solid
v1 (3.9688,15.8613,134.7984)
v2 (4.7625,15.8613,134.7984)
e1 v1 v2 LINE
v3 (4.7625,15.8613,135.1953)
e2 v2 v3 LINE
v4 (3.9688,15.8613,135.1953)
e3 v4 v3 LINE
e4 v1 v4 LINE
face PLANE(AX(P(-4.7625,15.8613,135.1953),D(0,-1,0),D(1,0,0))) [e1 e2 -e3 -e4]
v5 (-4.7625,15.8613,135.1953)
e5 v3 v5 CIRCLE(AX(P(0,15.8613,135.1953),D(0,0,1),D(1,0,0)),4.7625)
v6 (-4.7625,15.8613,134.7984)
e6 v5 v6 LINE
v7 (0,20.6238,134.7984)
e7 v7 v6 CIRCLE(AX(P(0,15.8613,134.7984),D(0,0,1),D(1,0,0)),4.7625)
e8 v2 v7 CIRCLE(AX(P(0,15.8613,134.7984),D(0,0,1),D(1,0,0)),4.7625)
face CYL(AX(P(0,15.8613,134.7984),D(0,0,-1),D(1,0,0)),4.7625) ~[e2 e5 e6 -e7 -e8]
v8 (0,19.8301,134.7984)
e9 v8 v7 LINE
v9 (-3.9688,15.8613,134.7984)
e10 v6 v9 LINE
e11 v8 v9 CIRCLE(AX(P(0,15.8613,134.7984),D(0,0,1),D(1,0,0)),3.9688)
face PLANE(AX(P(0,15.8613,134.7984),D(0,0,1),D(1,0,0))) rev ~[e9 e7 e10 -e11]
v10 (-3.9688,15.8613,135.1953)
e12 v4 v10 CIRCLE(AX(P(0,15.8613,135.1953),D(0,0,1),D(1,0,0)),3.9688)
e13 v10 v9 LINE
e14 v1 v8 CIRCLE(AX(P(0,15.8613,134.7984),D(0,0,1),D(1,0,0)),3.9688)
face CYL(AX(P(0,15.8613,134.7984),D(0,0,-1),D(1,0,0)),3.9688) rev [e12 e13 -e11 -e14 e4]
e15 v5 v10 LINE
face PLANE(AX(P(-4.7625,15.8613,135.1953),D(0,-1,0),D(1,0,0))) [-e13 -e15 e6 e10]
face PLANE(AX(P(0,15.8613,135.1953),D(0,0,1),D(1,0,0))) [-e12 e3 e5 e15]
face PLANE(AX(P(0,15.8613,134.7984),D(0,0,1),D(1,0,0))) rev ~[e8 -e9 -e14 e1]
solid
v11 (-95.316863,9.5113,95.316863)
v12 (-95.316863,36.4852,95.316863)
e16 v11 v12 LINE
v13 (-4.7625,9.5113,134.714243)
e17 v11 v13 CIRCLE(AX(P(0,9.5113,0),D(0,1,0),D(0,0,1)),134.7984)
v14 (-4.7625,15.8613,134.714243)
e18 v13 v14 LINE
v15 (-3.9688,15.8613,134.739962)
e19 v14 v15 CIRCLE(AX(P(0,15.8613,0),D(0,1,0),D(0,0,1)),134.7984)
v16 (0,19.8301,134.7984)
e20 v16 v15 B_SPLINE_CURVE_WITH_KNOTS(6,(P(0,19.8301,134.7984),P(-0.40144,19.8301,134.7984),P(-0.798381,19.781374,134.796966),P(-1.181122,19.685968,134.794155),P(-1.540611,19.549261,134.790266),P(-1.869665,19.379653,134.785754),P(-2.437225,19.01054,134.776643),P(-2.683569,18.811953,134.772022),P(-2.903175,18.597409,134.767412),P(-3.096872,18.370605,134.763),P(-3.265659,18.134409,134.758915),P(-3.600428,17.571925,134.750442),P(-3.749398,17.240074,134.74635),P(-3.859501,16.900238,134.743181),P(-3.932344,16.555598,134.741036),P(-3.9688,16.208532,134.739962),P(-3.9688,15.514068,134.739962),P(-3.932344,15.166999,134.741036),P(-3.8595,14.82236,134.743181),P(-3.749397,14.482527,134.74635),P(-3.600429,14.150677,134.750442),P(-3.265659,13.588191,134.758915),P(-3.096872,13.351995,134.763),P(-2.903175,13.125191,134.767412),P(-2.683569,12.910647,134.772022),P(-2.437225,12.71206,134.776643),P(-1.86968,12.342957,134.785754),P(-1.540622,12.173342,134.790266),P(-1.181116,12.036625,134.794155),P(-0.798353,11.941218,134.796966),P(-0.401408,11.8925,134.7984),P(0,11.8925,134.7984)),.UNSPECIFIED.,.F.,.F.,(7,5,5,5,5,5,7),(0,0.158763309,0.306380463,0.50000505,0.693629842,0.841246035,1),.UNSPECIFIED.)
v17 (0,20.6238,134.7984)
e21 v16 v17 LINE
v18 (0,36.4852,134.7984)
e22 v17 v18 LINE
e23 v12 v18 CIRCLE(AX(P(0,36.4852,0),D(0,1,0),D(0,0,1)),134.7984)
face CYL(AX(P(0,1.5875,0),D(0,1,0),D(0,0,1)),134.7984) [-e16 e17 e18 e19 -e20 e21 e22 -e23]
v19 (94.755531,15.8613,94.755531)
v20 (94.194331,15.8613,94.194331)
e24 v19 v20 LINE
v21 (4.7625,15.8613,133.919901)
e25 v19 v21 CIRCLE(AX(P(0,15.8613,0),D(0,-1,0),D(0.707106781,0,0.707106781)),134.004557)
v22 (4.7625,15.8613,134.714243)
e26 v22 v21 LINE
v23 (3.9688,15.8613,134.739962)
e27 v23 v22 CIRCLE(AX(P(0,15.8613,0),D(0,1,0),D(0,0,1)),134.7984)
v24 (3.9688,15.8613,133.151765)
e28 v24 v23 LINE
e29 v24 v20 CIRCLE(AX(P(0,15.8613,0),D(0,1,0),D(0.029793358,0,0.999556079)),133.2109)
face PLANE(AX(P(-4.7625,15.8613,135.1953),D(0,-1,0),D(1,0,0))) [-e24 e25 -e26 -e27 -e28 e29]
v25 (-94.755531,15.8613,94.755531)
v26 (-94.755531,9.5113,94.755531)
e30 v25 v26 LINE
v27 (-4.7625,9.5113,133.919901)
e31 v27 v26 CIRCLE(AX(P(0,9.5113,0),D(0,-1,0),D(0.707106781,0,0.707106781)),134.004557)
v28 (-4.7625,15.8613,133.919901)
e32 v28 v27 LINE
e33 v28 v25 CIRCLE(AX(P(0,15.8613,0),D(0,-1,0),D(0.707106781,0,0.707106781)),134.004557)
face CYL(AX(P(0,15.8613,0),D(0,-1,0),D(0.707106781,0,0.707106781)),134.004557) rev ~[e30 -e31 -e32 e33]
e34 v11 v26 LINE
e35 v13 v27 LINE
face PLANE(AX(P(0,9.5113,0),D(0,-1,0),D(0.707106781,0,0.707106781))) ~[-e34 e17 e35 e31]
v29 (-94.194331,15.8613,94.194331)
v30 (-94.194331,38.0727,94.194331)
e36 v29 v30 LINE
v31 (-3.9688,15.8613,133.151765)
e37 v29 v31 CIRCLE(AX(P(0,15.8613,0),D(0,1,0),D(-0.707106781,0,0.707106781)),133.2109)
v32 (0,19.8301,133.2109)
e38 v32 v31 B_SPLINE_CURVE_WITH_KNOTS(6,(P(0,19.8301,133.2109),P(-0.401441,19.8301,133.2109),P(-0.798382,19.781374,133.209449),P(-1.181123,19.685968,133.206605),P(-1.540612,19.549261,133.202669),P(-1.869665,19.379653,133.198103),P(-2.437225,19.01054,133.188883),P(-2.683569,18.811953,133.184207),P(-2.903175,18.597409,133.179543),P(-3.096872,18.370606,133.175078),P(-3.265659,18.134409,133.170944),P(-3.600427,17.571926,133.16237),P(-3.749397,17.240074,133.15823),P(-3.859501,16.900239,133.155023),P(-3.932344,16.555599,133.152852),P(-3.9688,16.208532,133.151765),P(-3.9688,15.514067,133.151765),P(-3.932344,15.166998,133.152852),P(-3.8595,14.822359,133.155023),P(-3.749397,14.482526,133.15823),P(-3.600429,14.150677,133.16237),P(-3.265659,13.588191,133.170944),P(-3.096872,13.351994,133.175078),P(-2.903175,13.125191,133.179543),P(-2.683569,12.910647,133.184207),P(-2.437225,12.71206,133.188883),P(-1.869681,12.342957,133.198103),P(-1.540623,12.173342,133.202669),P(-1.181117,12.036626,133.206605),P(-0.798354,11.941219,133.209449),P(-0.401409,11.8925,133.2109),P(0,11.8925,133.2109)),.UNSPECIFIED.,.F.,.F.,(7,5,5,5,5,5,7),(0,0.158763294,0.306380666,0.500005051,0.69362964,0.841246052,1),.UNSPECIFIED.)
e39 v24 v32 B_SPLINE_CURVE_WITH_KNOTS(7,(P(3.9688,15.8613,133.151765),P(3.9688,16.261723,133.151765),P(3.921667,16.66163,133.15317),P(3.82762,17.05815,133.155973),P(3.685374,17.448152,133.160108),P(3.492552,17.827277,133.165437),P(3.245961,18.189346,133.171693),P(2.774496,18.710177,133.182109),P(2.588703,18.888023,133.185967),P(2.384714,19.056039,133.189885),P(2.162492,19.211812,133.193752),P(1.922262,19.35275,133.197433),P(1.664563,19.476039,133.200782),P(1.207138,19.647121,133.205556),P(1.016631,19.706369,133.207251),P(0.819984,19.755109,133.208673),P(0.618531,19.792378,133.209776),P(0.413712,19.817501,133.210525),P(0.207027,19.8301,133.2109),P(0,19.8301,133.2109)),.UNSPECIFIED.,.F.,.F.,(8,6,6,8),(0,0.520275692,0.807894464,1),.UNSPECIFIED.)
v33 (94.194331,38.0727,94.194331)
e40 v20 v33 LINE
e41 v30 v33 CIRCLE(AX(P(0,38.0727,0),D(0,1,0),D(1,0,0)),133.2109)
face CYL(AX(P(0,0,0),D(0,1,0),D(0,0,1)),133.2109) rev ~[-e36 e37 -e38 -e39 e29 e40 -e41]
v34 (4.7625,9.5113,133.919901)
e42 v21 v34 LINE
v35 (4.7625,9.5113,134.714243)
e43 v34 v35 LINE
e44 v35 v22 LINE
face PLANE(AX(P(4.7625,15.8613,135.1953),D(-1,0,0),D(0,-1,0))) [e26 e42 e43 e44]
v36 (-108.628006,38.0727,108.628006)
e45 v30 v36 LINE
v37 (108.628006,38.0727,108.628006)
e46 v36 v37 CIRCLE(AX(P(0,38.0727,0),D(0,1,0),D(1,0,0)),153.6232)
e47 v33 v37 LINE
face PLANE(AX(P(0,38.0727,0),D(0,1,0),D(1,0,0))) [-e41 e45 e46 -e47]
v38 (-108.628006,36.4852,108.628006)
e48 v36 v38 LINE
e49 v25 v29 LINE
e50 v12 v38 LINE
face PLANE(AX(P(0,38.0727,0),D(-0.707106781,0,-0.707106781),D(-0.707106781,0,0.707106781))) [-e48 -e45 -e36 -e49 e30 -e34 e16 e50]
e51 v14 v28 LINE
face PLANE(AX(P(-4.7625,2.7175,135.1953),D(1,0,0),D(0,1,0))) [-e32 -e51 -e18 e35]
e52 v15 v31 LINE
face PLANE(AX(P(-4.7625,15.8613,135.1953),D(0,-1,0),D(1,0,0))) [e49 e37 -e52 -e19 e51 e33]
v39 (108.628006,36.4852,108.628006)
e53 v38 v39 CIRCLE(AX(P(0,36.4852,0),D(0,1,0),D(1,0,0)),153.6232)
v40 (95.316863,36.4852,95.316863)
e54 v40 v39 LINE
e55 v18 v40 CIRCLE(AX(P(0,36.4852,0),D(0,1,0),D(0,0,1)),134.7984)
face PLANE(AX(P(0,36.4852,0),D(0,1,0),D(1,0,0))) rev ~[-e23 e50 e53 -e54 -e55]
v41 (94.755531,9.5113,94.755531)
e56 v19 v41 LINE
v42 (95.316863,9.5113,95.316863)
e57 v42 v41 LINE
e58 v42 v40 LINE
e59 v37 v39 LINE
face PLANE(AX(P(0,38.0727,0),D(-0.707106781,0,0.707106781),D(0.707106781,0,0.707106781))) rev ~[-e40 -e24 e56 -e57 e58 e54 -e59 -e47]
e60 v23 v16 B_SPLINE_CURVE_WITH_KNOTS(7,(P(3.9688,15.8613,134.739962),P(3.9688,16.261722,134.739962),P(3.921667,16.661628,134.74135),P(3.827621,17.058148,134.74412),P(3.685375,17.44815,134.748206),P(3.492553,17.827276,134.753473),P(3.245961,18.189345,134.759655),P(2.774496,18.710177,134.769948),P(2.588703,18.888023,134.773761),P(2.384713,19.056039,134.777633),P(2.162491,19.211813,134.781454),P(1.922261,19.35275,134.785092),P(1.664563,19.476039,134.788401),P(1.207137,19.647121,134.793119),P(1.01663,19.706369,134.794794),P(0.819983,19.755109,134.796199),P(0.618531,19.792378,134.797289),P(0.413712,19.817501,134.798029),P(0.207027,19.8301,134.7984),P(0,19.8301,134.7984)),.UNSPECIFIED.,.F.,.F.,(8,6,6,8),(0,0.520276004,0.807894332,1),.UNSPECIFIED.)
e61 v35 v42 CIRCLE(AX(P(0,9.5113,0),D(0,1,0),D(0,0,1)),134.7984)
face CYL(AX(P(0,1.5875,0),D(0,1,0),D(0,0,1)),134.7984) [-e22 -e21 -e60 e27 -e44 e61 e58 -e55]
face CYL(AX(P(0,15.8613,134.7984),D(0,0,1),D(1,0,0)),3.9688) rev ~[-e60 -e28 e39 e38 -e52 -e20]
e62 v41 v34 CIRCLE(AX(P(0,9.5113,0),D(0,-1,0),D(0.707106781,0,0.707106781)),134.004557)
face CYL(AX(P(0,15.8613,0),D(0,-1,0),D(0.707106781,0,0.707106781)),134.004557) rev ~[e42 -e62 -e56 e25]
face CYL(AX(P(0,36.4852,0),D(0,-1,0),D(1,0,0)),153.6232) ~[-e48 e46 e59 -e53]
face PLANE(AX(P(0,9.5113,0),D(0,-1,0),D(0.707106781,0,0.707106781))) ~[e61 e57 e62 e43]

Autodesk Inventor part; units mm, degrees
ref_plane "YZ Plane" through (0, 0, 0) normal (1, 0, 0) x (0, 1, 0)
ref_plane "XZ Plane" through (0, 0, 0) normal (0, 1, 0) x (-1, 0, 0)
sketch "Sketch1" plane through (0, 0, 0) normal (1, 0, 0) x (0, 1, 0)
  line L0 (0, 0) -> (28.6807, 0)
  line L1 (0, 133.2109) -> (36.4852, 133.2109)
  line L2 (0, 133.2109) -> (0, 147.2732)
  line L3 (0, 147.2732) -> (1.5875, 147.2732)
  line L4 (1.5875, 134.7984) -> (36.4852, 134.7984)
  line L5 (36.4852, 134.7984) -> (36.4852, 133.2109)
  line L6 (1.5875, 134.7984) -> (1.5875, 147.2732)
  point P0 (15.8613, 134.7984)
  dimension "Lay2Rad" = 133.2109
  dimension "d1" = 14.0623
  dimension "d2" = 1.5875
  dimension "d3" = 36.4852
  dimension "d4" = 1.5875
  dimension "d5" = 1.5875
  dimension "d7" = 14.2738
revolve "Revolution1" add sketch "Sketch1" angle 360 about axis through (0, 0, 0) along (0, 1, 0)
ref_plane "Work Plane1" through (0, 15.8613, 134.7984) normal (0, 0, 1) x (1, 0, 0)
sketch "Sketch2" plane through (0, 15.8613, 134.7984) normal (0, 0, 1) x (1, 0, 0)
  circle A0 centre (0, 0) radius 4.7625
  circle A1 centre (0, 0) radius 3.9688
  point P0 (0, -15.8613)
  dimension "d8" = 9.525
  dimension "d11" = 7.9375
extrude "Extrusion2" cut sketch "Sketch2" against normal through all contours A1
extrude "Extrusion3" add sketch "Sketch2" along normal blind 0.3969
sketch "Sketch3" plane through (0, 36.4852, 0) normal (0, 1, 0) x (1, 0, 0)
  circle A0 centre (0, 0) radius 133.2109
  circle A1 centre (0, 0) radius 133.2109 projected
  circle A2 centre (0, 0) radius 153.6232
  circle A3 centre (0, 0) radius 147.2732 projected
  dimension "d16" = 6.35
extrude "Extrusion4" add sketch "Sketch3" along normal blind 1.5875 contours A2 | A3
sketch "Sketch4" plane through (0, 38.0727, 0) normal (0, 1, 0) x (1, 0, 0)
  line L0 (0, 0) -> (-167.0067, -167.0067)
  line L1 (0, 0) -> (236.1832, 0) construction
  line L2 (0, 0) -> (195.6261, -195.6261)
  line L3 (195.6261, -195.6261) -> (-166.4474, -166.4474)
  line L4 (-166.4474, -166.4474) -> (-176.2344, 211.1551)
  line L5 (-176.2344, 211.1551) -> (203.4461, 189.6497)
  line L6 (203.4461, 189.6497) -> (195.6261, -195.6261)
  dimension "d19" = 135
extrude "Extrusion5" cut sketch "Sketch4" against normal through all contours L0 L4 L5 L6 L2
sketch "Sketch5" plane through (94.1943, 0, 94.1943) normal (0.7071, 0, -0.7071) x (-0.7071, 0, -0.7071)
  line L0 (-6.6801, 15.8613) -> (6.5648, 15.8613)
  line L1 (0, 0) -> (-14.0623, 0) projected
  line L2 (0, 38.0727) -> (0, 0) projected
  line L3 (-0.7937, 15.8613) -> (-0.7937, 22.2113)
  line L4 (-0.7937, 22.2113) -> (0, 22.2113)
  line L5 (-0.7937, 15.8613) -> (-0.7937, 9.5113)
  line L6 (-0.7937, 9.5113) -> (-1.5875, 9.5113)
  line L7 (-1.5875, 1.5875) -> (-1.5875, 36.4852) projected
  line L8 (-1.5875, 9.5113) -> (-19.7753, 9.5113)
  line L9 (-19.7753, 9.5113) -> (-9.8215, -14.1735)
  line L10 (-9.8215, -14.1735) -> (10.1035, -9.9498)
  line L11 (10.1035, -9.9498) -> (6.5648, 15.8613)
  line L12 (0, 22.2113) -> (7.2571, 44.9587)
  line L13 (7.2571, 44.9587) -> (-27.8182, 42.4796)
  line L14 (-27.8182, 42.4796) -> (-19.0035, 23.7483)
  line L15 (133.2109, 0) -> (133.2109, 65.8048)
  line L16 (-14.0623, 1.5875) -> (-1.5875, 1.5875) projected
  line L17 (-19.0035, 23.7483) -> (-6.6801, 15.8613)
  dimension "d23" = 0.7937
  dimension "d24" = 6.35
  dimension "d25" = 6.35
  dimension "d27" = 14.2738
revolve "Revolution2" cut sketch "Sketch5" angle 90 about axis through (0, 0, 0) along (0, -1, 0) contours L0 L11 L10 L9 L8 L6 L5
sketch "Sketch6" plane through (0, 15.8613, 135.1953) normal (0, 0, 1) x (1, 0, 0)
  circle A0 centre (0, 0) radius 4.7625 projected
  line L0 (-4.7625, 0) -> (4.7625, 0)
  line L1 (4.7625, 0) -> (4.7625, -13.1438)
  line L2 (4.7625, -13.1438) -> (-4.7625, -13.1438)
  line L3 (-4.7625, -13.1438) -> (-4.7625, 0)
  point P0 (0, -15.8613)
extrude "Extrusion6" cut sketch "Sketch6" against normal through all contours L1 L2 L3 A0 | A0 L0 picked at (-0.9018, -1.3065)
equation "\"Lay2Rad\" = -2 * SpWall + 0.5 * IBDia"
equation "\"d2\" = Wall"
equation "\"d3\" = d1_1 + BevDriverDia + SpWall + Space + Wall"
equation "\"d4\" = Wall"
equation "\"d5\" = Wall"
equation "\"d7\" = 1.5 * Space + 0.5 * BevDriverDia"
equation "\"d8\" = 2 * Space + AxelDia"
equation "\"d11\" = AxelDia + Space"
equation "\"d14\" = 0.25 * Wall"
equation "\"d17\" = Wall"
equation "\"d23\" = 0.5 * Wall"
equation "\"d27\" = 1.5 * Space + 0.5 * BevDriverDia"
equation "\"SpWall\" = 3.175"
equation "\"IBDia\" = 279.121792"
equation "\"Wall\" = 1.5875"
equation "\"d1_1\" = 6.35"
equation "\"BevDriverDia\" = 23.785175"
equation "\"Space\" = 1.5875"
equation "\"AxelDia\" = 6.35"
properties part number "Layer2_Top_Quarter"
